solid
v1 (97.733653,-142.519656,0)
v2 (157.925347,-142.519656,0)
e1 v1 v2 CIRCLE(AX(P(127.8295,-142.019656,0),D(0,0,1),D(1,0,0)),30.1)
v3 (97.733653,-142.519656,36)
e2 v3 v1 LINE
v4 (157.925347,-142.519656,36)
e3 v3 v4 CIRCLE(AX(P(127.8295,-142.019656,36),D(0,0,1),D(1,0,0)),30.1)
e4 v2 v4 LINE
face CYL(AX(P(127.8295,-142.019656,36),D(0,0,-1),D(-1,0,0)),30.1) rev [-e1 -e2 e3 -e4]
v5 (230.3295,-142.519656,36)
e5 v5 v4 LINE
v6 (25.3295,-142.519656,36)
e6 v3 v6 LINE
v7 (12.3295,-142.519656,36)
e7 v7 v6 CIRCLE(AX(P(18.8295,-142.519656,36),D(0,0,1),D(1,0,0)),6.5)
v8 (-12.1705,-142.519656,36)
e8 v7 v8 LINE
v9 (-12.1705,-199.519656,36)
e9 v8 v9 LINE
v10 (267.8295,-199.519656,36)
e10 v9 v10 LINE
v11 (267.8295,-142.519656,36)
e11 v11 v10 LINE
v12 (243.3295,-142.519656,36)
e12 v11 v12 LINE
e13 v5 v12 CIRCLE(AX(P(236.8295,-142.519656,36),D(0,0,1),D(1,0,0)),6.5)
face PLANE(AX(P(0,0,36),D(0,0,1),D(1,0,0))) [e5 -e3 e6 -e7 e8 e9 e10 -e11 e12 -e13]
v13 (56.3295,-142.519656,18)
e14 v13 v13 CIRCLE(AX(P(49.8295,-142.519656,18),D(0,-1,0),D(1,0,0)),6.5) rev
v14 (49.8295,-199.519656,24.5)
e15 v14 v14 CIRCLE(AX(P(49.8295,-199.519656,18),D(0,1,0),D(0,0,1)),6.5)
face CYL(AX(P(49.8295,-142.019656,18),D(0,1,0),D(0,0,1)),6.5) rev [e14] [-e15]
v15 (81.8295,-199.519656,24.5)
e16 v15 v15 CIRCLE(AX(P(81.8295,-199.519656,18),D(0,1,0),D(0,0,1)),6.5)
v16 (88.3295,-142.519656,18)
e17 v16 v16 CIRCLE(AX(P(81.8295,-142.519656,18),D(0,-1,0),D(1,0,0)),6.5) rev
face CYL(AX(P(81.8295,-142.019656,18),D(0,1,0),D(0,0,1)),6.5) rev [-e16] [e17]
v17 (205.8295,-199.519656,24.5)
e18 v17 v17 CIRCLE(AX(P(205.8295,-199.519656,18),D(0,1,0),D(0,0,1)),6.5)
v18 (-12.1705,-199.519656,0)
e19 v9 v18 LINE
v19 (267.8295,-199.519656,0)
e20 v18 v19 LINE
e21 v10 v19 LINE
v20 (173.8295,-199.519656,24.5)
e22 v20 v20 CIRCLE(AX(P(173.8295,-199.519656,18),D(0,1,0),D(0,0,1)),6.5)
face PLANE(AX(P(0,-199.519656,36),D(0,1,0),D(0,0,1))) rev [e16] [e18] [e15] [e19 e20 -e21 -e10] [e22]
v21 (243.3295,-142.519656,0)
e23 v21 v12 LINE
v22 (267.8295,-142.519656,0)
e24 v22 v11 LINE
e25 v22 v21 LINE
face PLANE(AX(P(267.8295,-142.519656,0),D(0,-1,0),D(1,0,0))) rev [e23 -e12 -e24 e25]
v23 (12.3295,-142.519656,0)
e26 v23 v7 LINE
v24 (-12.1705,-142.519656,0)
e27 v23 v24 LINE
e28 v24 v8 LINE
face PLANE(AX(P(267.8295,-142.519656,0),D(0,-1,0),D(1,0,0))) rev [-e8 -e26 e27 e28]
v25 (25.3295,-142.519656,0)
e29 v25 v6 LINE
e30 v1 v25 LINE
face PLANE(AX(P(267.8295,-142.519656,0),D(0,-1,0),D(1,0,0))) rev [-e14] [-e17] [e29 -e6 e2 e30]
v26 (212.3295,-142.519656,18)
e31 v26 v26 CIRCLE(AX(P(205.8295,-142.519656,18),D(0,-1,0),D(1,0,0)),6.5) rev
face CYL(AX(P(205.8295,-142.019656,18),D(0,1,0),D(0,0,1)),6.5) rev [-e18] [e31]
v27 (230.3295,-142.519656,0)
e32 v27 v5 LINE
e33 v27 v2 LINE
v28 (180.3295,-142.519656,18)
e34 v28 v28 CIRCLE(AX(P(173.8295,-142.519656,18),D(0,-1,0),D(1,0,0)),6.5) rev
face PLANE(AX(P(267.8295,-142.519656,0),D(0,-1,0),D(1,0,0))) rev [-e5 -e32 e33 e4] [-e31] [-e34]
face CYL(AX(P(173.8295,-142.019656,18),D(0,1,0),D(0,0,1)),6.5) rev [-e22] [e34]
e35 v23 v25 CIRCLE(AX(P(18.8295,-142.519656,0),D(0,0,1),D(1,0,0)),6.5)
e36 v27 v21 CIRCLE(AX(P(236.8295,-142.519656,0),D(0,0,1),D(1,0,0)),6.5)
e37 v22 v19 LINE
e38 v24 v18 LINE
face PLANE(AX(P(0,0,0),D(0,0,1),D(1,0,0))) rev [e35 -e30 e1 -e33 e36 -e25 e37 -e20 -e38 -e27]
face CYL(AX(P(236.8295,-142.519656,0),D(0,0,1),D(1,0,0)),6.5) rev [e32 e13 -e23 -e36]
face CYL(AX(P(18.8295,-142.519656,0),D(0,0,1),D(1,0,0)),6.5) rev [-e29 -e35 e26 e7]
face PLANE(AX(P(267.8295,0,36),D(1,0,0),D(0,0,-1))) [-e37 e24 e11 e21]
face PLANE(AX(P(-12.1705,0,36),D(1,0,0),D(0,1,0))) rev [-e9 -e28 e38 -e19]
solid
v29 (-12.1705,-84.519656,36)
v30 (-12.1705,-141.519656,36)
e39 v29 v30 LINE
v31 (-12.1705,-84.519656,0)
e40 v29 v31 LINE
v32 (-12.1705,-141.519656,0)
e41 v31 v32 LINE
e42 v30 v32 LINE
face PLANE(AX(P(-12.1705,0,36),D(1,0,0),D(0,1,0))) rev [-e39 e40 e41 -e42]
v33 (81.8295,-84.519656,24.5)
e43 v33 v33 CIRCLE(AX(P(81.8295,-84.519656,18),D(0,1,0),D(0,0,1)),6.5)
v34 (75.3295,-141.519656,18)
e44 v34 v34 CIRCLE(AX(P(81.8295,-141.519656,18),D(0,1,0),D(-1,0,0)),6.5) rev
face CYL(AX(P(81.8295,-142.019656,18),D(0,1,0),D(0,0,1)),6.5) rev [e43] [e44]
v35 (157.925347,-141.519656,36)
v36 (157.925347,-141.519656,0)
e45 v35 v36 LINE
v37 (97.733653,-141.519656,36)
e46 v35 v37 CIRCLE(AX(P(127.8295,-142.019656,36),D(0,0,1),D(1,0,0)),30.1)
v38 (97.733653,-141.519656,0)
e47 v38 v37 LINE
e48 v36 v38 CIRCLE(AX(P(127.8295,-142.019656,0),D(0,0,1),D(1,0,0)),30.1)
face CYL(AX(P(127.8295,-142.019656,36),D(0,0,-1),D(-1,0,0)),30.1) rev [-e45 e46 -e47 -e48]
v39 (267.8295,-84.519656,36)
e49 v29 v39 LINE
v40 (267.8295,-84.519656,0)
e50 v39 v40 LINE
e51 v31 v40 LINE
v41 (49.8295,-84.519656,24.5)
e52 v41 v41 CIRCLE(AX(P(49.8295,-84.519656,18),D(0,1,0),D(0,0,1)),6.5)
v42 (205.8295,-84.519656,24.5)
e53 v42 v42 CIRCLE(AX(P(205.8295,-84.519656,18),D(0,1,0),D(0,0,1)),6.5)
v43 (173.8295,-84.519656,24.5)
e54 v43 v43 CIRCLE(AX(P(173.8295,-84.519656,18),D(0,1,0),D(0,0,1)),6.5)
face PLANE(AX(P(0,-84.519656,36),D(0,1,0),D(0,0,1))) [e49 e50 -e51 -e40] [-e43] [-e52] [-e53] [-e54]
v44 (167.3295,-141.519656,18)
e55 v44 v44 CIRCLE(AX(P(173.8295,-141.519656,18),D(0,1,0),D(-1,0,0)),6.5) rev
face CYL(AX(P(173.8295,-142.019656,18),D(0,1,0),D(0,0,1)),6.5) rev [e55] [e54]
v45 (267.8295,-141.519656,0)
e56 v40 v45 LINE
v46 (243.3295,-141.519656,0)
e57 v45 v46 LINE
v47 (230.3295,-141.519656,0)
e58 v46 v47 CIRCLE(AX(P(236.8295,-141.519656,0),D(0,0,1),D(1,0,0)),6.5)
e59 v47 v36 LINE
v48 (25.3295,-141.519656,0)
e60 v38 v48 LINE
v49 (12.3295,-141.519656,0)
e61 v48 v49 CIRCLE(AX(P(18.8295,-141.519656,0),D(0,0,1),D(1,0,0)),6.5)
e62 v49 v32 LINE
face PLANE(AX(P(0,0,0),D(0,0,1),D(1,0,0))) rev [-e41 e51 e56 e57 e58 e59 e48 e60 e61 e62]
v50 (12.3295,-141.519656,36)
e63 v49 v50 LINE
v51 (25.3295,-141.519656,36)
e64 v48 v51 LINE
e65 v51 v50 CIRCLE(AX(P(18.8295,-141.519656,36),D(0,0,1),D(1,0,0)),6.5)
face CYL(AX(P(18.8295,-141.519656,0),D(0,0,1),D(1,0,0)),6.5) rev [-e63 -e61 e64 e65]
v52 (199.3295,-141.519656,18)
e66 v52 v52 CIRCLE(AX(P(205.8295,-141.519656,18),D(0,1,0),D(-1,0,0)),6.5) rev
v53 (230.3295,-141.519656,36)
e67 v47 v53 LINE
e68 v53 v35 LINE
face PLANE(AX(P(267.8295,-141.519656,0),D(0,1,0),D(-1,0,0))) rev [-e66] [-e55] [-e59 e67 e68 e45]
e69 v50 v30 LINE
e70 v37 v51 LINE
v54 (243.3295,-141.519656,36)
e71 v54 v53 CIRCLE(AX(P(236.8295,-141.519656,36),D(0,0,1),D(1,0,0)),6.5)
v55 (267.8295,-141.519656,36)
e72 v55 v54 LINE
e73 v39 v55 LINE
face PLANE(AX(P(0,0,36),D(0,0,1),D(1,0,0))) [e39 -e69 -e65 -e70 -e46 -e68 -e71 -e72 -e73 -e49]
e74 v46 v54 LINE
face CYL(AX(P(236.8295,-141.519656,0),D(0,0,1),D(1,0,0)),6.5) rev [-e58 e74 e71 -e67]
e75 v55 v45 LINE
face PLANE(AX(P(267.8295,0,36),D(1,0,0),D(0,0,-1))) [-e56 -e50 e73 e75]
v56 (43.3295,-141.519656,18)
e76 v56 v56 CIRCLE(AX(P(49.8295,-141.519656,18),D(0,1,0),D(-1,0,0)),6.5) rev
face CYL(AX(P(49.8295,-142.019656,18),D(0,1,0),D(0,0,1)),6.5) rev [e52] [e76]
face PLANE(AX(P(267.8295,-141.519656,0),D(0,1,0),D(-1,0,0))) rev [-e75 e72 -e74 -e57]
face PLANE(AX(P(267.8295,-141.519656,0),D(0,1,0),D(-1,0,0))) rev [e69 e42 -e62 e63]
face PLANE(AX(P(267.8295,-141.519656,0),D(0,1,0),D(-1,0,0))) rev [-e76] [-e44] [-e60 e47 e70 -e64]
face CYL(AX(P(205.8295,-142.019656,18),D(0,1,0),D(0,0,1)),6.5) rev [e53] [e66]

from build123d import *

# Parameters (mm, degrees)
BOSS_EXTRUDE1_DEPTH = 36
SKETCH4_R           = 6.5
CUT_EXTRUDE3_DEPTH  = 58.5
SKETCH5_W           = 36
SKETCH5_H           = 1
CUT_EXTRUDE5_DEPTH  = 281
CUT_EXTRUDE6_DEPTH  = 37


with BuildPart() as part:
    # Sketch1 → Boss-Extrude1 (new body)
    with BuildSketch(Plane.XY):
        with BuildLine():
            Line((267.829500207, -84.51965646), (-12.170499793, -84.51965646))
            Line((-12.170499793, -84.51965646), (-12.170499793, -142.01965646))
            Line((-12.170499793, -142.01965646), (97.729500207, -142.01965646))
            ThreePointArc((97.729500207, -142.01965646), (127.829500207, -111.91965646), (157.929500207, -142.01965646))
            Line((157.929500207, -142.01965646), (267.829500207, -142.01965646))
            Line((267.829500207, -142.01965646), (267.829500207, -84.51965646))
        make_face()
    boss_extrude1 = extrude(amount=BOSS_EXTRUDE1_DEPTH)

    # Sketch4 → Cut-Extrude3 (cut, through all)
    with BuildSketch(Plane(origin=(0, -84.51965646, 0), x_dir=(1, 0, 0), z_dir=(0, 1, 0))):
        with Locations((205.829500207, -18)):
            Circle(SKETCH4_R)
        with Locations((173.829500207, -18)):
            Circle(SKETCH4_R)
        with Locations((81.829500207, -18)):
            Circle(SKETCH4_R)
        with Locations((49.829500207, -18)):
            Circle(SKETCH4_R)
    cut_extrude3 = extrude(amount=-CUT_EXTRUDE3_DEPTH, mode=Mode.SUBTRACT)

    # Mirror1: Boss-Extrude1, Cut-Extrude3 across plane
    add(boss_extrude1.mirror(Plane(origin=(0, -142.01965646, 36), x_dir=(0, 0, 1), z_dir=(0, 1, 0))))
    add(cut_extrude3.mirror(Plane(origin=(0, -142.01965646, 36), x_dir=(0, 0, 1), z_dir=(0, 1, 0))), mode=Mode.SUBTRACT)

    # Sketch5 → Cut-Extrude5 (cut, through all)
    with BuildSketch(Plane.ZY.offset(12.170499793)):
        with Locations((18, -142.01965646)):
            Rectangle(SKETCH5_W, SKETCH5_H)
    extrude(amount=-CUT_EXTRUDE5_DEPTH, mode=Mode.SUBTRACT)

    # Sketch3 → Cut-Extrude6 (cut, through all)
    with BuildSketch(Plane.XY.offset(36)):
        with BuildLine():
            ThreePointArc((25.329500207, -141.51965646), (18.829500207, -135.01965646), (12.329500207, -141.51965646))
            Line((12.329500207, -141.51965646), (25.329500207, -141.51965646))
        make_face()
        with BuildLine():
            Line((25.329500207, -142.51965646), (12.329500207, -142.51965646))
            ThreePointArc((12.329500207, -142.51965646), (18.829500207, -149.01965646), (25.329500207, -142.51965646))
        make_face()
        with BuildLine():
            ThreePointArc((243.329500207, -141.51965646), (236.829500207, -135.01965646), (230.329500207, -141.51965646))
            Line((230.329500207, -141.51965646), (243.329500207, -141.51965646))
        make_face()
        with BuildLine():
            Line((243.329500207, -142.51965646), (230.329500207, -142.51965646))
            ThreePointArc((230.329500207, -142.51965646), (236.829500207, -149.01965646), (243.329500207, -142.51965646))
        make_face()
    extrude(amount=-CUT_EXTRUDE6_DEPTH, mode=Mode.SUBTRACT)


solid = part.part
